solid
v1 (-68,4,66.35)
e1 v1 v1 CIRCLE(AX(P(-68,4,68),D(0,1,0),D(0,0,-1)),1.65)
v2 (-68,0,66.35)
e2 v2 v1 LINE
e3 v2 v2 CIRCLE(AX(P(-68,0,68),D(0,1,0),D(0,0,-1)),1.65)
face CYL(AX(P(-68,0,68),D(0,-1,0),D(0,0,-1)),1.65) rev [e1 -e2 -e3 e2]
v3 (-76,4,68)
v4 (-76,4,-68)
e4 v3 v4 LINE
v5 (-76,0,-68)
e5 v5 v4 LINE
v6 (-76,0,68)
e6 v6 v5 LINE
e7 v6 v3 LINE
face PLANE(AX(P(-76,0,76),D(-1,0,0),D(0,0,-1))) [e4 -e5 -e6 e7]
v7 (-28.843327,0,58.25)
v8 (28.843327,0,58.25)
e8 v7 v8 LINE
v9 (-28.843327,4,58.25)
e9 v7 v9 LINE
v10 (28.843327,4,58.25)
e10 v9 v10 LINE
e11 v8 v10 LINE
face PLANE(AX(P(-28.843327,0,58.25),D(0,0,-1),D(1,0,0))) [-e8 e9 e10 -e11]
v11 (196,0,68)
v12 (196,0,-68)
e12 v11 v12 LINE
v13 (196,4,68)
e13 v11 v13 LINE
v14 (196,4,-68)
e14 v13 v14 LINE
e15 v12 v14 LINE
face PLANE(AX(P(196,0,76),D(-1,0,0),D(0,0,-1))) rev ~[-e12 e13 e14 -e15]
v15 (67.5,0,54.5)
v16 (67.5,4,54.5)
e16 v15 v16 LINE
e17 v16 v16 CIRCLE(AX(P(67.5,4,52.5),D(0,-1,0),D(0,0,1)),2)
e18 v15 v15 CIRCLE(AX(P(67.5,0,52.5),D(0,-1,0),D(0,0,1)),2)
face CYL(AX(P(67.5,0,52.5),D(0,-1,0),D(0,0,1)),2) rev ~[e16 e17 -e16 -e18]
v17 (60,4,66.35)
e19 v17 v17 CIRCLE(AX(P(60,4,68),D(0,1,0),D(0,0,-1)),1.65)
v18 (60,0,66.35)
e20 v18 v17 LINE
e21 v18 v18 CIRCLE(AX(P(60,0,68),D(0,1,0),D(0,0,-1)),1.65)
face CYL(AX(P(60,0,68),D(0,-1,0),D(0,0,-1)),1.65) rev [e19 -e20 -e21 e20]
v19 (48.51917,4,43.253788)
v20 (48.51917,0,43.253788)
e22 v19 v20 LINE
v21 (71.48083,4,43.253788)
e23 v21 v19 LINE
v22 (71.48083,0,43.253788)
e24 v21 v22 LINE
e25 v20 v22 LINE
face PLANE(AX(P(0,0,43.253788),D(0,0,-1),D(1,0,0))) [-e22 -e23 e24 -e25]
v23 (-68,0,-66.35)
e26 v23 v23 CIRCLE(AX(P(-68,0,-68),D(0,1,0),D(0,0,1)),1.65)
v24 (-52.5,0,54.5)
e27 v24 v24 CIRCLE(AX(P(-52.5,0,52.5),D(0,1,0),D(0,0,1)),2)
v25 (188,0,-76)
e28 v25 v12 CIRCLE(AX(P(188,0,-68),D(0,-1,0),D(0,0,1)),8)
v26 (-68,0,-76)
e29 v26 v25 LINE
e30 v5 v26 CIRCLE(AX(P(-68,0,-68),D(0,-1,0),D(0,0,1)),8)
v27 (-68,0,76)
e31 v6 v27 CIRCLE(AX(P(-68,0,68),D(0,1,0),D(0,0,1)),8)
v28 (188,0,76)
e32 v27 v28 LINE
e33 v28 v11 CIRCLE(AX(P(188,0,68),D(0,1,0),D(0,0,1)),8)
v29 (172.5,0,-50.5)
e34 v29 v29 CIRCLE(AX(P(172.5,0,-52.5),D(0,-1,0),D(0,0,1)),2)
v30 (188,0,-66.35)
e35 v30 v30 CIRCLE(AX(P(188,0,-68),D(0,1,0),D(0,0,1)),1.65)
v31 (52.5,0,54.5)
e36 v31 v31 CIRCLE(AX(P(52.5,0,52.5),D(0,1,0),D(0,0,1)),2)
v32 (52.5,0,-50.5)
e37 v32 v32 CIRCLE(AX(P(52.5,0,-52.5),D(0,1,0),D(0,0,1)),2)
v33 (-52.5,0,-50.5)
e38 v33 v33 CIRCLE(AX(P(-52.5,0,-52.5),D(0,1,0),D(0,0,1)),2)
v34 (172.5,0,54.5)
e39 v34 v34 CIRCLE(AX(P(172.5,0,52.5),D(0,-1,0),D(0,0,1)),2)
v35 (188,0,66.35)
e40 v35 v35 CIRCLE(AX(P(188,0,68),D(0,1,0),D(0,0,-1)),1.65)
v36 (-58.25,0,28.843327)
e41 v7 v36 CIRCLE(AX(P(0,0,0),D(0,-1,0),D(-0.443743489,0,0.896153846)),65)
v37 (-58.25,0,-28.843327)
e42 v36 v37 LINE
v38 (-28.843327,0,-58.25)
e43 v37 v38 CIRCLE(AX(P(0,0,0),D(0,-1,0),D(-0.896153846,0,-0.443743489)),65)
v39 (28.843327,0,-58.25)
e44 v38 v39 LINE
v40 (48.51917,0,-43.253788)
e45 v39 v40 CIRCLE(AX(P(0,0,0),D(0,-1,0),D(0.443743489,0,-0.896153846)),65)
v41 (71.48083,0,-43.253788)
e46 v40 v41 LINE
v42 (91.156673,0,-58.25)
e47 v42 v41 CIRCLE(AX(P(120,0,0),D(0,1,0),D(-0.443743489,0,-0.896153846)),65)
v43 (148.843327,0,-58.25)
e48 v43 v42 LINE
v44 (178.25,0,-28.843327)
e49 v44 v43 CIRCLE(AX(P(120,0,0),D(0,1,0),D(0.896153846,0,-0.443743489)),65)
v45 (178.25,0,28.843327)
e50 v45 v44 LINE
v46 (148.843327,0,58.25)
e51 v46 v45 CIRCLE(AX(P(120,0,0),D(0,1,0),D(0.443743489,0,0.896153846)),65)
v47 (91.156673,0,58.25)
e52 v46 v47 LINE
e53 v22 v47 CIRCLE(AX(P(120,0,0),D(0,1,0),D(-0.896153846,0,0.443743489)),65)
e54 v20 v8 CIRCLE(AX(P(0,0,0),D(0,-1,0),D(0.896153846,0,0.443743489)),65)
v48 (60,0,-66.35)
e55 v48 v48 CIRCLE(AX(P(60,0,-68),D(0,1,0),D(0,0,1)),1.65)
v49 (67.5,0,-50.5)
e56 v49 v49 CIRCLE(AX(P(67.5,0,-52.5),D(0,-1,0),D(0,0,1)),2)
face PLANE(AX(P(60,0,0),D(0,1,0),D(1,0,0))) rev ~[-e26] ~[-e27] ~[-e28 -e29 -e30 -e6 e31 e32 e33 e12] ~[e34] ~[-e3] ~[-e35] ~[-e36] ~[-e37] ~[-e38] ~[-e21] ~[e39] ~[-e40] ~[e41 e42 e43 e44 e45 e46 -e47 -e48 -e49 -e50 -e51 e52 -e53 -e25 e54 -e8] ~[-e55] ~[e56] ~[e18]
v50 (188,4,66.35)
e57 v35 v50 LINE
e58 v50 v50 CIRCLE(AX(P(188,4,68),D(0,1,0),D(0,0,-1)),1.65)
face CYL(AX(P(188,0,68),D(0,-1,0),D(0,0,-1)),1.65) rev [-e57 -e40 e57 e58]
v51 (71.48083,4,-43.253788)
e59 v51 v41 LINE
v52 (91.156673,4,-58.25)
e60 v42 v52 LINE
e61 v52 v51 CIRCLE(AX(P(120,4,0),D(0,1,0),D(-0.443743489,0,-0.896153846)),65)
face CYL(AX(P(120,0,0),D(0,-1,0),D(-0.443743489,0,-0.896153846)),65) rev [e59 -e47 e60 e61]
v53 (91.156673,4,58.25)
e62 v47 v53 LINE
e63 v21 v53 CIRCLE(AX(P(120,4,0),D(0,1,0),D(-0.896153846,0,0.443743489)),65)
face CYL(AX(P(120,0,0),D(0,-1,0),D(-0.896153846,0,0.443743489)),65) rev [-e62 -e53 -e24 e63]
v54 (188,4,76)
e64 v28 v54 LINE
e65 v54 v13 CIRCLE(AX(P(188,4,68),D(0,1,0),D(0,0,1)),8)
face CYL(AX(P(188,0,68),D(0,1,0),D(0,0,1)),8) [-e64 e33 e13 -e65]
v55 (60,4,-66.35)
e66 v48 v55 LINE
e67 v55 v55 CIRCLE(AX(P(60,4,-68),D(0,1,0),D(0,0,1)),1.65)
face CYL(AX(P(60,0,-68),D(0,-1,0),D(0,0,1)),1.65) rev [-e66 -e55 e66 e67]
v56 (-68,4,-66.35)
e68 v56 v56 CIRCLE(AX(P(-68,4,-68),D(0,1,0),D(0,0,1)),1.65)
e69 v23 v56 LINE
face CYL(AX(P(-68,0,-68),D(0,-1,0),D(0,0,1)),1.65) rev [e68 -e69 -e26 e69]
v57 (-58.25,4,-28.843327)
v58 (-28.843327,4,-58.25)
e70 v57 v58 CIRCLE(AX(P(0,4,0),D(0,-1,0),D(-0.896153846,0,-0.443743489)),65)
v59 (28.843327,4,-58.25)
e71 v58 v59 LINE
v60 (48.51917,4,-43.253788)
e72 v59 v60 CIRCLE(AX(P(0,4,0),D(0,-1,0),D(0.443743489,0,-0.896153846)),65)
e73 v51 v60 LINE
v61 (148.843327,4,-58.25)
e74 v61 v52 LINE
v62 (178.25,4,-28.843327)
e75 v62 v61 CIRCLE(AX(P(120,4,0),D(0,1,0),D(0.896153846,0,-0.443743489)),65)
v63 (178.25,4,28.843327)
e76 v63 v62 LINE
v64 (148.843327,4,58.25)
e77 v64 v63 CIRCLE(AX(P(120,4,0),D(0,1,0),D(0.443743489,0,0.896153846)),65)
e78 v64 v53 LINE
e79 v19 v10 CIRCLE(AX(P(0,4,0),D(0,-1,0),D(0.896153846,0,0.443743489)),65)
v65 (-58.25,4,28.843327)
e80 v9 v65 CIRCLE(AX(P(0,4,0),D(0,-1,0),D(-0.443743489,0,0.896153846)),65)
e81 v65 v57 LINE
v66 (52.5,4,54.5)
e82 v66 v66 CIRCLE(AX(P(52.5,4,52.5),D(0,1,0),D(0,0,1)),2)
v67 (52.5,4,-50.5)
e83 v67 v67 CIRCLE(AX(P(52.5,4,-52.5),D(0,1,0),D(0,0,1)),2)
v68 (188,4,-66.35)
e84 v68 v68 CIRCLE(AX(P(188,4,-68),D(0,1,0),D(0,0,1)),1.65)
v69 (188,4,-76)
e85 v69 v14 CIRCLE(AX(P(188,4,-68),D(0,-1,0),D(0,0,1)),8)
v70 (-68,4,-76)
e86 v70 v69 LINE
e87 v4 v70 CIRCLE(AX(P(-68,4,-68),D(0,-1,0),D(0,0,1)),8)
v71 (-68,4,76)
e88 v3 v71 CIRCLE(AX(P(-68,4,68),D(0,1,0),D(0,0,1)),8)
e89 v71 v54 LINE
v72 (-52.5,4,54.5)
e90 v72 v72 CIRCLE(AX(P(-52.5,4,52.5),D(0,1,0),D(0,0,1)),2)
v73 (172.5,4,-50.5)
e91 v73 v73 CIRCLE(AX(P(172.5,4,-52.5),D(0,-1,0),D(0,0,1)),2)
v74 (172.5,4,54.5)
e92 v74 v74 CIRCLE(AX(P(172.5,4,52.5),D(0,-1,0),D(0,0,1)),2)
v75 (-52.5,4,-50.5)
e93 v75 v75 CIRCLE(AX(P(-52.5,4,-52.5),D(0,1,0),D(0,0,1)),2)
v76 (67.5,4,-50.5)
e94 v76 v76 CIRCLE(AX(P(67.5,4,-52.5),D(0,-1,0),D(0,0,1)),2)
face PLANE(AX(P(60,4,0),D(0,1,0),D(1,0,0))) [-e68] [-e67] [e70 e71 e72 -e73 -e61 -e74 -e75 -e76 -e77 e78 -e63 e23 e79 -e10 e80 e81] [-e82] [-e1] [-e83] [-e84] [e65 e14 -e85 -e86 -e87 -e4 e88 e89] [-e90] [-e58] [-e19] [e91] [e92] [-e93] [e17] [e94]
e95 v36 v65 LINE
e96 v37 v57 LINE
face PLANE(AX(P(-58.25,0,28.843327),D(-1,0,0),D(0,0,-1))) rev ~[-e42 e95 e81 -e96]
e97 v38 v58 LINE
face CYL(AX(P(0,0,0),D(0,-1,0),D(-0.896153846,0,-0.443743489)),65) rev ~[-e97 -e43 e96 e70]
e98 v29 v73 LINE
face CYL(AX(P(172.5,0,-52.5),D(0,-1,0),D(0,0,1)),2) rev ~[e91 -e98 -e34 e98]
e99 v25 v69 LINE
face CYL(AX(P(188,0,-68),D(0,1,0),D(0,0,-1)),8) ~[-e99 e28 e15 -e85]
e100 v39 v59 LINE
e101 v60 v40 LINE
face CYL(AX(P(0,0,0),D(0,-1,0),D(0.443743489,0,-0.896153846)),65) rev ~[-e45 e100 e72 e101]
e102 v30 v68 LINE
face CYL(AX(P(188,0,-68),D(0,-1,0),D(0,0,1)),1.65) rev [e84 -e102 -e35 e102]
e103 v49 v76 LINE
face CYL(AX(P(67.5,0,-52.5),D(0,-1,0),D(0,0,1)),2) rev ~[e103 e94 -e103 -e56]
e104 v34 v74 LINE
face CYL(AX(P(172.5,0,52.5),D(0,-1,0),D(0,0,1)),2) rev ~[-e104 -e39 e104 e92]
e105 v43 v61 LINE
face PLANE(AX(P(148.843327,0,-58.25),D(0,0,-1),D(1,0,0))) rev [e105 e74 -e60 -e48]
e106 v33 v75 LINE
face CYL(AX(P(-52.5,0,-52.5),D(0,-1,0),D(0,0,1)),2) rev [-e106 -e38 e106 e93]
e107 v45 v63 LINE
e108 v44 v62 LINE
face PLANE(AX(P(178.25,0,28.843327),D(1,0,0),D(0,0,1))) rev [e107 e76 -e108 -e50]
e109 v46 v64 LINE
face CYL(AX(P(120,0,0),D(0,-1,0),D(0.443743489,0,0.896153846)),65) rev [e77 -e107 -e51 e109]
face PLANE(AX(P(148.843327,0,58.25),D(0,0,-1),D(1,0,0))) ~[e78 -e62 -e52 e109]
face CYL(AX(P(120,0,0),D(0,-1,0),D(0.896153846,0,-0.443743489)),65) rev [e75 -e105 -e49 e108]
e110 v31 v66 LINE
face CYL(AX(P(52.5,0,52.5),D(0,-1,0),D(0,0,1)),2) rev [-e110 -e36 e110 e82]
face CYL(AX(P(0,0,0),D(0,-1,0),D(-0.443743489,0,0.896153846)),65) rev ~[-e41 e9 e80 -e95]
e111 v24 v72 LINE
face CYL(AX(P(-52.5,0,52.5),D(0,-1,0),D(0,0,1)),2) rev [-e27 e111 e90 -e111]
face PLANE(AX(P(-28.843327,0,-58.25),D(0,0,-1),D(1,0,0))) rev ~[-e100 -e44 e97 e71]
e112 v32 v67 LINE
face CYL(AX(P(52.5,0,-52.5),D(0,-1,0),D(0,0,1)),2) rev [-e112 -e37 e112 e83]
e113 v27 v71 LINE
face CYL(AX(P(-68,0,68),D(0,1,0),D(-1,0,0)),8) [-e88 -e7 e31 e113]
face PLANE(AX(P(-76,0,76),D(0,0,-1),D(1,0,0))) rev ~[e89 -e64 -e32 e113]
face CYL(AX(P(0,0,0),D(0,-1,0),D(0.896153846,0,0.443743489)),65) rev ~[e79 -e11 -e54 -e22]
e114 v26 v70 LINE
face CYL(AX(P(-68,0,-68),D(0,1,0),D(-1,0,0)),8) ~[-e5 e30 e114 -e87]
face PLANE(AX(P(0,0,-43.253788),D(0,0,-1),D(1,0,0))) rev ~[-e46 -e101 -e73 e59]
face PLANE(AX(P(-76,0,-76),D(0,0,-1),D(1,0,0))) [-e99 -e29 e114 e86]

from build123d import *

# Parameters (mm, degrees)
SKETCH1_W           = 120
SKETCH1_H           = 120
SKETCH1_W_2         = 116.5
SKETCH1_H_2         = 116.5
SKETCH1_R           = 2
BOSS_EXTRUDE1_DEPTH = 4
SKETCH2_W           = 272
SKETCH2_H           = 152
SKETCH2_R           = 1.65
SKETCH2_W_2         = 240
SKETCH2_H_2         = 120
BOSS_EXTRUDE2_DEPTH = 4
FILLET1_R           = 8
SKETCH3_W           = 120
SKETCH3_H           = 86.50757595
CUT_EXTRUDE3_DEPTH  = 211.256985615


with BuildPart() as part:
    # Sketch1 → Boss-Extrude1 (new body)
    with BuildSketch(Plane(origin=(0, 0, 0), x_dir=(1, 0, 0), z_dir=(0, 1, 0))):
        Rectangle(SKETCH1_W, SKETCH1_H)
        Rectangle(SKETCH1_W_2, SKETCH1_H_2, mode=Mode.SUBTRACT)
        with BuildLine():
            Line((-58.25, -58.25), (-28.843326785, -58.25))
            ThreePointArc((-28.843326785, -58.25), (-45.961940777, -45.961940777), (-58.25, -28.843326785))
            Line((-58.25, -28.843326785), (-58.25, -58.25))
        make_face()
        with Locations(Location((-52.5, -52.5, 0), (0, 0, 270))):
            Circle(SKETCH1_R, mode=Mode.SUBTRACT)
        with BuildLine():
            Line((-58.25, 58.25), (-58.25, 28.843326785))
            ThreePointArc((-58.25, 28.843326785), (-45.961940777, 45.961940777), (-28.843326785, 58.25))
            Line((-28.843326785, 58.25), (-58.25, 58.25))
        make_face()
        with Locations(Location((-52.5, 52.5, 0), (0, 0, 270))):
            Circle(SKETCH1_R, mode=Mode.SUBTRACT)
        with BuildLine():
            ThreePointArc((28.843326785, 58.25), (45.961940777, 45.961940777), (58.25, 28.843326785))
            Line((58.25, 28.843326785), (58.25, 58.25))
            Line((58.25, 58.25), (28.843326785, 58.25))
        make_face()
        with Locations(Location((52.5, 52.5, 0), (0, 0, 270))):
            Circle(SKETCH1_R, mode=Mode.SUBTRACT)
        with BuildLine():
            Line((28.843326785, -58.25), (58.25, -58.25))
            Line((58.25, -58.25), (58.25, -28.843326785))
            ThreePointArc((58.25, -28.843326785), (45.961940777, -45.961940777), (28.843326785, -58.25))
        make_face()
        with Locations(Location((52.5, -52.5, 0), (0, 0, 270))):
            Circle(SKETCH1_R, mode=Mode.SUBTRACT)
    boss_extrude1 = extrude(amount=BOSS_EXTRUDE1_DEPTH)

    # Mirror1: Boss-Extrude1 across plane
    add(boss_extrude1.mirror(Plane(origin=(60, 4, 0), x_dir=(0, 0, 1), z_dir=(-1, 0, 0))))

    # Sketch2 → Boss-Extrude2 (add)
    with BuildSketch(Plane(origin=(0, 0, 0), x_dir=(1, 0, 0), z_dir=(0, 1, 0))):
        with Locations((60, 0)):
            Rectangle(SKETCH2_W, SKETCH2_H)
        with Locations(Location((188, 68, 0), (0, 0, 270))):
            Circle(SKETCH2_R, mode=Mode.SUBTRACT)
        with Locations(Location((60, 68, 0), (0, 0, 270))):
            Circle(SKETCH2_R, mode=Mode.SUBTRACT)
        with Locations(Location((-68, 68, 0), (0, 0, 270))):
            Circle(SKETCH2_R, mode=Mode.SUBTRACT)
        with Locations(Location((-68, -68, 0), (0, 0, 90))):
            Circle(SKETCH2_R, mode=Mode.SUBTRACT)
        with Locations(Location((60, -68, 0), (0, 0, 90))):
            Circle(SKETCH2_R, mode=Mode.SUBTRACT)
        with Locations(Location((188, -68, 0), (0, 0, 90))):
            Circle(SKETCH2_R, mode=Mode.SUBTRACT)
        with Locations((60, 0)):
            Rectangle(SKETCH2_W_2, SKETCH2_H_2, mode=Mode.SUBTRACT)
    extrude(amount=BOSS_EXTRUDE2_DEPTH)

    # Fillet1
    fillet1_edges = [part.edges().sort_by_distance(p)[0] for p in [
        (196, 2, -76),
        (-76, 2, -76),
        (-76, 2, 76),
        (196, 2, 76),
    ]]
    fillet(fillet1_edges, radius=FILLET1_R)

    # Sketch3 → Cut-Extrude3 (cut, through all)
    with BuildSketch(Plane(origin=(0, 0, 0), x_dir=(1, 0, 0), z_dir=(0, 1, 0))):
        with Locations((60, 0)):
            Rectangle(SKETCH3_W, SKETCH3_H)
    extrude(amount=CUT_EXTRUDE3_DEPTH, mode=Mode.SUBTRACT)


solid = part.part
